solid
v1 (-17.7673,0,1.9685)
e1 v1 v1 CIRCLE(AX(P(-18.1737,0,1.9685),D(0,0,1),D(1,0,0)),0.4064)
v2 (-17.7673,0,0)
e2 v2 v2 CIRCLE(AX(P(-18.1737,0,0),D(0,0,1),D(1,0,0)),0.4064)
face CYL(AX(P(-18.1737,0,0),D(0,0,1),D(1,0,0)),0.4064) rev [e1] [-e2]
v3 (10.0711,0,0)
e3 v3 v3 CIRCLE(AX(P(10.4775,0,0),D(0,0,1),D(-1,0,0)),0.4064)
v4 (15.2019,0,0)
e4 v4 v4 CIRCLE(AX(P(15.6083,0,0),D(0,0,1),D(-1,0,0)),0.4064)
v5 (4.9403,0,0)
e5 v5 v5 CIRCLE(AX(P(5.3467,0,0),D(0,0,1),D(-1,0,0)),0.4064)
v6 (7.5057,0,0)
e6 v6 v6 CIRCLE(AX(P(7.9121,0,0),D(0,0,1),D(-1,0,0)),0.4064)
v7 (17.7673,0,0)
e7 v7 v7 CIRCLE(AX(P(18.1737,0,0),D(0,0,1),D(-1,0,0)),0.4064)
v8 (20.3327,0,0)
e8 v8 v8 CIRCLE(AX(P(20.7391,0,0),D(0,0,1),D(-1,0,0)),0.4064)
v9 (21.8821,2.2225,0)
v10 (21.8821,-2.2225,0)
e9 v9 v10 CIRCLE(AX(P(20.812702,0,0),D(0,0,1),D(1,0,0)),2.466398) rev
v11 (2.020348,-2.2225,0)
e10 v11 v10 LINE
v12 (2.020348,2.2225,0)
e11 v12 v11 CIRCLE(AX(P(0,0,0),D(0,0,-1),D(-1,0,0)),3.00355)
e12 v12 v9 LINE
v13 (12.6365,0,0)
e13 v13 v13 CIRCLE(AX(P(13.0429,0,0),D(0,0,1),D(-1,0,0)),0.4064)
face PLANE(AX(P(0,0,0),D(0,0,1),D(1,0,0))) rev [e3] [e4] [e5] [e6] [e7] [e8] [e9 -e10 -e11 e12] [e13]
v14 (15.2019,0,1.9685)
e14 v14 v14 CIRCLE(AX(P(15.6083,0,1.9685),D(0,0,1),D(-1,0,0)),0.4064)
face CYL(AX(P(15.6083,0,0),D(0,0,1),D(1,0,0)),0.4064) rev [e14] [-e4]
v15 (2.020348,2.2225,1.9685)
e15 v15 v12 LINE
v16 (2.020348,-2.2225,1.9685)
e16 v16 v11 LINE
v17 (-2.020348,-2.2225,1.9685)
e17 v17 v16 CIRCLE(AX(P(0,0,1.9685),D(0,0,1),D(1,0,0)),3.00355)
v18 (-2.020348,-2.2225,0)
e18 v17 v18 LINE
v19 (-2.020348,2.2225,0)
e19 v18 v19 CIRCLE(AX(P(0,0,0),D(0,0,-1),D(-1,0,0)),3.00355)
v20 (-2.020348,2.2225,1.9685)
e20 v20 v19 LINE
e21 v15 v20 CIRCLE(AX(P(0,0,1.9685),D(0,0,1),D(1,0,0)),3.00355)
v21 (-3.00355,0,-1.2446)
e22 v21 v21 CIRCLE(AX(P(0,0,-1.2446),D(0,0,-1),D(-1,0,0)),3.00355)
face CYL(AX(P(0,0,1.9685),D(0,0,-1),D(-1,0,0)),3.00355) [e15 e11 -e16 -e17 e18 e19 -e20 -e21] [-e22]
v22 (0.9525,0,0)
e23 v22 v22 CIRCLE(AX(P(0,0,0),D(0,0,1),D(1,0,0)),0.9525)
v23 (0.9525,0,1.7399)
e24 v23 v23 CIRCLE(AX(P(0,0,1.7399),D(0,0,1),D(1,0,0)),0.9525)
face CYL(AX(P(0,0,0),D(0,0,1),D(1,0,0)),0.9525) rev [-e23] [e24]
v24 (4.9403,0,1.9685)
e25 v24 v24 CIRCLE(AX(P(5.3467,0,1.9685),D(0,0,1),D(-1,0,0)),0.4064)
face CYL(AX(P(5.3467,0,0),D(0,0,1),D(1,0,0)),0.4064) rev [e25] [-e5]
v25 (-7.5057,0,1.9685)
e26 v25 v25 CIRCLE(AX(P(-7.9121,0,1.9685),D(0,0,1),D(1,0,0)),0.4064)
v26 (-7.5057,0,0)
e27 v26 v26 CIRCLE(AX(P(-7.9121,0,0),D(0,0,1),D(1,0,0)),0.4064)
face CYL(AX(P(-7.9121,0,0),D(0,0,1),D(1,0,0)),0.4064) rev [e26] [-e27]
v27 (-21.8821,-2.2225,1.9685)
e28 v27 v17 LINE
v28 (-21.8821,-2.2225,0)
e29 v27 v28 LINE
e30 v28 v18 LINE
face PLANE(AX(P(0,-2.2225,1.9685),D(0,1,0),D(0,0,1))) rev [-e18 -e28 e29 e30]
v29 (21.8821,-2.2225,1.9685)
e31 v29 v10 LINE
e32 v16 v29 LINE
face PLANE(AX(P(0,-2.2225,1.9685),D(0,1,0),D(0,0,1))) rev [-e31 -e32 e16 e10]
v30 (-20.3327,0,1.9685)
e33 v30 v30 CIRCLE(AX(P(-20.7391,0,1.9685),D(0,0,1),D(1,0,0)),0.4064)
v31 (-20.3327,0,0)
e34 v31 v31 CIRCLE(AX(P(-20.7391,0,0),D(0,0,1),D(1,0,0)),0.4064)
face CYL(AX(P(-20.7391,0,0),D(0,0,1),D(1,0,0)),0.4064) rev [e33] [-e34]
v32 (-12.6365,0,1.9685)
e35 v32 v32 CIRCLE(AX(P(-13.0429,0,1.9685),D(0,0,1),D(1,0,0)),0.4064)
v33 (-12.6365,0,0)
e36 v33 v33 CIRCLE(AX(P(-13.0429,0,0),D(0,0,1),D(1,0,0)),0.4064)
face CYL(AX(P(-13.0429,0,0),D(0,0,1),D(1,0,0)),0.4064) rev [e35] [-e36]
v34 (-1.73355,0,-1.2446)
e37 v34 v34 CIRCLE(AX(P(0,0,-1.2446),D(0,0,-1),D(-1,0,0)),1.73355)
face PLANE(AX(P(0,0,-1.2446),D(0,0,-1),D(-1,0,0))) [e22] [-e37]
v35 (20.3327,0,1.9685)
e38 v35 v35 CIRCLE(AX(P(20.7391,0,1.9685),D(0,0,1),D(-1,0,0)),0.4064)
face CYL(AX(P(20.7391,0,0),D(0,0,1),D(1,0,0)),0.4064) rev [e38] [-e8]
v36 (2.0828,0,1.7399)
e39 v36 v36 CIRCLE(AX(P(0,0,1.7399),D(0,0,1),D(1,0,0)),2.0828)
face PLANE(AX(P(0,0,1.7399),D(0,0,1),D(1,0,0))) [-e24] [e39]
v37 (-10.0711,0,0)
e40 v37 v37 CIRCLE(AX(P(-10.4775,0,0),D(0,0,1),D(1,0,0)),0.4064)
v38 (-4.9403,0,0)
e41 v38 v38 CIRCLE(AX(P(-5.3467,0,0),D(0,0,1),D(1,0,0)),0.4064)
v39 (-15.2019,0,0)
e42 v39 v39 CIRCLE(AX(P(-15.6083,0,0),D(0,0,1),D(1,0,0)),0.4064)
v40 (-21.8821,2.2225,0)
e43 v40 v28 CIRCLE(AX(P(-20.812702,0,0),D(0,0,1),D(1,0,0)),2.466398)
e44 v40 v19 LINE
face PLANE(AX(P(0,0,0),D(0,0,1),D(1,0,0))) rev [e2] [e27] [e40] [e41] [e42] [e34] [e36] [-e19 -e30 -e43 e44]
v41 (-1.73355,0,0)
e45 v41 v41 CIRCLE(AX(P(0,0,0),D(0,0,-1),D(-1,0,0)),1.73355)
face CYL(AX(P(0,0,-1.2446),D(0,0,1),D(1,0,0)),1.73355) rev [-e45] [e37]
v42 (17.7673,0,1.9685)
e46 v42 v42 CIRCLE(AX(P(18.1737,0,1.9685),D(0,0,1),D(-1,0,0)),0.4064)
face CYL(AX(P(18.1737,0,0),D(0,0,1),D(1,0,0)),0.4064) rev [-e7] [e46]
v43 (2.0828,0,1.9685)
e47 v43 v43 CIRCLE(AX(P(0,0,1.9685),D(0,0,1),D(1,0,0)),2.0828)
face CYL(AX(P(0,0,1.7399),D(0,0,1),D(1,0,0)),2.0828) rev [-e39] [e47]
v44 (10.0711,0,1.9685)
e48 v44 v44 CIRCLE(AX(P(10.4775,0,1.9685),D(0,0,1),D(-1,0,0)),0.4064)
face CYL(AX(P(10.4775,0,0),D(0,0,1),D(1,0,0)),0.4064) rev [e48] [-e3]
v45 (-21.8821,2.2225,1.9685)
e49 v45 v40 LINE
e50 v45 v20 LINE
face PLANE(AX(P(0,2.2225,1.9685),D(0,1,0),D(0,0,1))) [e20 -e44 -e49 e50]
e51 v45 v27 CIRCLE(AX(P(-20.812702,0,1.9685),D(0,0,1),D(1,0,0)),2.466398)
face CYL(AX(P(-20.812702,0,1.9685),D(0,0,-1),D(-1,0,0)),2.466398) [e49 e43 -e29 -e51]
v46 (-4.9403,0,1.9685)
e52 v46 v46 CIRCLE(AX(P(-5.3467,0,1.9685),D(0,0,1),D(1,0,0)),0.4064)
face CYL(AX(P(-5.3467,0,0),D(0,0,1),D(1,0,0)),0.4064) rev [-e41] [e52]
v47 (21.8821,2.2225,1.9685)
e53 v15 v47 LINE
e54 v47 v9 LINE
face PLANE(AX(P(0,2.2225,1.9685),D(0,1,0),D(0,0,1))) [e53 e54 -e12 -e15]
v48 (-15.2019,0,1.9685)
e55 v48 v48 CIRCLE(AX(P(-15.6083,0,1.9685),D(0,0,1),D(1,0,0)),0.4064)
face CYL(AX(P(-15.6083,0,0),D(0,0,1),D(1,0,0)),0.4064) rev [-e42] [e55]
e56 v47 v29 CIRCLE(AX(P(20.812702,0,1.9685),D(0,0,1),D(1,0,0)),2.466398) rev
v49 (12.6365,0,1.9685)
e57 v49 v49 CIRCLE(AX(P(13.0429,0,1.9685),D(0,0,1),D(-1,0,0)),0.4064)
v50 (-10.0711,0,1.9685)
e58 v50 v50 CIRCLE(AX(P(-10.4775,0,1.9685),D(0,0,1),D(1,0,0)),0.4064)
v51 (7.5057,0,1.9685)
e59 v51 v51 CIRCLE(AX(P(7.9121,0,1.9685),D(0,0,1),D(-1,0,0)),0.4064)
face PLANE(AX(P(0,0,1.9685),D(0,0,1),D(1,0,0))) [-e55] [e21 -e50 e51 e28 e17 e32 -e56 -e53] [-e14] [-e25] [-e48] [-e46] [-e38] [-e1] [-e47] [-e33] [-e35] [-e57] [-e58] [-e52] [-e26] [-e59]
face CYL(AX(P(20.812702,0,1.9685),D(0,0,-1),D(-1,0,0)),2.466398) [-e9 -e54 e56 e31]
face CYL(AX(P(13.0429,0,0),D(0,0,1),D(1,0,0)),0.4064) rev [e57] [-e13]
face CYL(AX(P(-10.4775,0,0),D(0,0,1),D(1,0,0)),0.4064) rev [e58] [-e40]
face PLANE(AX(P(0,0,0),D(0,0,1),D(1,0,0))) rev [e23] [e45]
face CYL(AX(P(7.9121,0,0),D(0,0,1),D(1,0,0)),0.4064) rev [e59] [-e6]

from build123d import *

# Parameters (mm, degrees)
BOSS_EXTRUDE1_DEPTH = 1.9685
SKETCH2_R           = 0.4064
CUT_EXTRUDE1_DEPTH  = 24.55446458
SKETCH3_R           = 2.0828
CUT_EXTRUDE2_DEPTH  = 0.2286
SKETCH4_R           = 0.9525
CUT_EXTRUDE3_DEPTH  = 24.536462381
BOSS_EXTRUDE2_START = 1.2446
SKETCH5_R           = 3.00355
SKETCH5_R_2         = 1.73355
BOSS_EXTRUDE2_DEPTH = 1.2446


with BuildPart() as part:
    # Sketch1 → Boss-Extrude1 (new body)
    with BuildSketch(Plane.XY):
        with BuildLine():
            Line((2.020348077, -2.2225), (-2.020348077, -2.2225))
            ThreePointArc((-2.020348077, -2.2225), (0, -3.00355), (2.020348077, -2.2225))
        make_face()
        with BuildLine():
            Line((2.020348077, 2.2225), (-2.020348077, 2.2225))
            ThreePointArc((-2.020348077, 2.2225), (-3.00355, 0), (-2.020348077, -2.2225))
            Line((-2.020348077, -2.2225), (2.020348077, -2.2225))
            ThreePointArc((2.020348077, -2.2225), (2.746773477, -1.215132942), (3.00355, 0))
            ThreePointArc((3.00355, 0), (2.746773477, 1.215132942), (2.020348077, 2.2225))
        make_face()
        with BuildLine():
            ThreePointArc((2.020348077, 2.2225), (0, 3.00355), (-2.020348077, 2.2225))
            Line((-2.020348077, 2.2225), (2.020348077, 2.2225))
        make_face()
        with BuildLine():
            Line((21.8821, 2.2225), (2.020348077, 2.2225))
            ThreePointArc((2.020348077, 2.2225), (2.746773477, 1.215132942), (3.00355, 0))
            ThreePointArc((3.00355, 0), (2.746773477, -1.215132942), (2.020348077, -2.2225))
            Line((2.020348077, -2.2225), (21.8821, -2.2225))
            ThreePointArc((21.8821, -2.2225), (22.900844734, -1.31254669), (23.2791, 0))
            ThreePointArc((23.2791, 0), (22.900844734, 1.31254669), (21.8821, 2.2225))
        make_face()
        with BuildLine():
            Line((-2.020348077, 2.2225), (-21.8821, 2.2225))
            ThreePointArc((-21.8821, 2.2225), (-22.900844734, 1.31254669), (-23.2791, 0))
            ThreePointArc((-23.2791, 0), (-22.900844734, -1.31254669), (-21.8821, -2.2225))
            Line((-21.8821, -2.2225), (-2.020348077, -2.2225))
            ThreePointArc((-2.020348077, -2.2225), (-3.00355, 0), (-2.020348077, 2.2225))
        make_face()
    extrude(amount=BOSS_EXTRUDE1_DEPTH)

    # Sketch2 → Cut-Extrude1 (cut, through all)
    with BuildSketch(Plane.XY.offset(1.9685)):
        with Locations((-20.7391, 0)):
            Circle(SKETCH2_R)
        with Locations((-18.1737, 0)):
            Circle(SKETCH2_R)
        with Locations((-15.6083, 0)):
            Circle(SKETCH2_R)
        with Locations((-13.0429, 0)):
            Circle(SKETCH2_R)
        with Locations((-10.4775, 0)):
            Circle(SKETCH2_R)
        with Locations((-7.9121, 0)):
            Circle(SKETCH2_R)
        with Locations((-5.3467, 0)):
            Circle(SKETCH2_R)
        with Locations(Location((5.3467, 0, 0), (0, 0, 180))):
            Circle(SKETCH2_R)
        with Locations(Location((7.9121, 0, 0), (0, 0, 180))):
            Circle(SKETCH2_R)
        with Locations(Location((10.4775, 0, 0), (0, 0, 180))):
            Circle(SKETCH2_R)
        with Locations(Location((13.0429, 0, 0), (0, 0, 180))):
            Circle(SKETCH2_R)
        with Locations(Location((15.6083, 0, 0), (0, 0, 180))):
            Circle(SKETCH2_R)
        with Locations(Location((18.1737, 0, 0), (0, 0, 180))):
            Circle(SKETCH2_R)
        with Locations(Location((20.7391, 0, 0), (0, 0, 180))):
            Circle(SKETCH2_R)
    extrude(amount=-CUT_EXTRUDE1_DEPTH, mode=Mode.SUBTRACT)

    # Sketch3 → Cut-Extrude2 (cut)
    with BuildSketch(Plane.XY.offset(1.9685)):
        Circle(SKETCH3_R)
    extrude(amount=-CUT_EXTRUDE2_DEPTH, mode=Mode.SUBTRACT)

    # Sketch4 → Cut-Extrude3 (cut, through all)
    with BuildSketch(Plane.XY.offset(1.7399)):
        Circle(SKETCH4_R)
    extrude(amount=-CUT_EXTRUDE3_DEPTH, mode=Mode.SUBTRACT)

    # Sketch5 → Boss-Extrude2 (add)
    with BuildSketch(Plane(origin=(0, 0, 0), x_dir=(-1, 0, 0), z_dir=(0, 0, -1)).offset(BOSS_EXTRUDE2_START)):
        Circle(SKETCH5_R)
        Circle(SKETCH5_R_2, mode=Mode.SUBTRACT)
    extrude(amount=-BOSS_EXTRUDE2_DEPTH)


solid = part.part
